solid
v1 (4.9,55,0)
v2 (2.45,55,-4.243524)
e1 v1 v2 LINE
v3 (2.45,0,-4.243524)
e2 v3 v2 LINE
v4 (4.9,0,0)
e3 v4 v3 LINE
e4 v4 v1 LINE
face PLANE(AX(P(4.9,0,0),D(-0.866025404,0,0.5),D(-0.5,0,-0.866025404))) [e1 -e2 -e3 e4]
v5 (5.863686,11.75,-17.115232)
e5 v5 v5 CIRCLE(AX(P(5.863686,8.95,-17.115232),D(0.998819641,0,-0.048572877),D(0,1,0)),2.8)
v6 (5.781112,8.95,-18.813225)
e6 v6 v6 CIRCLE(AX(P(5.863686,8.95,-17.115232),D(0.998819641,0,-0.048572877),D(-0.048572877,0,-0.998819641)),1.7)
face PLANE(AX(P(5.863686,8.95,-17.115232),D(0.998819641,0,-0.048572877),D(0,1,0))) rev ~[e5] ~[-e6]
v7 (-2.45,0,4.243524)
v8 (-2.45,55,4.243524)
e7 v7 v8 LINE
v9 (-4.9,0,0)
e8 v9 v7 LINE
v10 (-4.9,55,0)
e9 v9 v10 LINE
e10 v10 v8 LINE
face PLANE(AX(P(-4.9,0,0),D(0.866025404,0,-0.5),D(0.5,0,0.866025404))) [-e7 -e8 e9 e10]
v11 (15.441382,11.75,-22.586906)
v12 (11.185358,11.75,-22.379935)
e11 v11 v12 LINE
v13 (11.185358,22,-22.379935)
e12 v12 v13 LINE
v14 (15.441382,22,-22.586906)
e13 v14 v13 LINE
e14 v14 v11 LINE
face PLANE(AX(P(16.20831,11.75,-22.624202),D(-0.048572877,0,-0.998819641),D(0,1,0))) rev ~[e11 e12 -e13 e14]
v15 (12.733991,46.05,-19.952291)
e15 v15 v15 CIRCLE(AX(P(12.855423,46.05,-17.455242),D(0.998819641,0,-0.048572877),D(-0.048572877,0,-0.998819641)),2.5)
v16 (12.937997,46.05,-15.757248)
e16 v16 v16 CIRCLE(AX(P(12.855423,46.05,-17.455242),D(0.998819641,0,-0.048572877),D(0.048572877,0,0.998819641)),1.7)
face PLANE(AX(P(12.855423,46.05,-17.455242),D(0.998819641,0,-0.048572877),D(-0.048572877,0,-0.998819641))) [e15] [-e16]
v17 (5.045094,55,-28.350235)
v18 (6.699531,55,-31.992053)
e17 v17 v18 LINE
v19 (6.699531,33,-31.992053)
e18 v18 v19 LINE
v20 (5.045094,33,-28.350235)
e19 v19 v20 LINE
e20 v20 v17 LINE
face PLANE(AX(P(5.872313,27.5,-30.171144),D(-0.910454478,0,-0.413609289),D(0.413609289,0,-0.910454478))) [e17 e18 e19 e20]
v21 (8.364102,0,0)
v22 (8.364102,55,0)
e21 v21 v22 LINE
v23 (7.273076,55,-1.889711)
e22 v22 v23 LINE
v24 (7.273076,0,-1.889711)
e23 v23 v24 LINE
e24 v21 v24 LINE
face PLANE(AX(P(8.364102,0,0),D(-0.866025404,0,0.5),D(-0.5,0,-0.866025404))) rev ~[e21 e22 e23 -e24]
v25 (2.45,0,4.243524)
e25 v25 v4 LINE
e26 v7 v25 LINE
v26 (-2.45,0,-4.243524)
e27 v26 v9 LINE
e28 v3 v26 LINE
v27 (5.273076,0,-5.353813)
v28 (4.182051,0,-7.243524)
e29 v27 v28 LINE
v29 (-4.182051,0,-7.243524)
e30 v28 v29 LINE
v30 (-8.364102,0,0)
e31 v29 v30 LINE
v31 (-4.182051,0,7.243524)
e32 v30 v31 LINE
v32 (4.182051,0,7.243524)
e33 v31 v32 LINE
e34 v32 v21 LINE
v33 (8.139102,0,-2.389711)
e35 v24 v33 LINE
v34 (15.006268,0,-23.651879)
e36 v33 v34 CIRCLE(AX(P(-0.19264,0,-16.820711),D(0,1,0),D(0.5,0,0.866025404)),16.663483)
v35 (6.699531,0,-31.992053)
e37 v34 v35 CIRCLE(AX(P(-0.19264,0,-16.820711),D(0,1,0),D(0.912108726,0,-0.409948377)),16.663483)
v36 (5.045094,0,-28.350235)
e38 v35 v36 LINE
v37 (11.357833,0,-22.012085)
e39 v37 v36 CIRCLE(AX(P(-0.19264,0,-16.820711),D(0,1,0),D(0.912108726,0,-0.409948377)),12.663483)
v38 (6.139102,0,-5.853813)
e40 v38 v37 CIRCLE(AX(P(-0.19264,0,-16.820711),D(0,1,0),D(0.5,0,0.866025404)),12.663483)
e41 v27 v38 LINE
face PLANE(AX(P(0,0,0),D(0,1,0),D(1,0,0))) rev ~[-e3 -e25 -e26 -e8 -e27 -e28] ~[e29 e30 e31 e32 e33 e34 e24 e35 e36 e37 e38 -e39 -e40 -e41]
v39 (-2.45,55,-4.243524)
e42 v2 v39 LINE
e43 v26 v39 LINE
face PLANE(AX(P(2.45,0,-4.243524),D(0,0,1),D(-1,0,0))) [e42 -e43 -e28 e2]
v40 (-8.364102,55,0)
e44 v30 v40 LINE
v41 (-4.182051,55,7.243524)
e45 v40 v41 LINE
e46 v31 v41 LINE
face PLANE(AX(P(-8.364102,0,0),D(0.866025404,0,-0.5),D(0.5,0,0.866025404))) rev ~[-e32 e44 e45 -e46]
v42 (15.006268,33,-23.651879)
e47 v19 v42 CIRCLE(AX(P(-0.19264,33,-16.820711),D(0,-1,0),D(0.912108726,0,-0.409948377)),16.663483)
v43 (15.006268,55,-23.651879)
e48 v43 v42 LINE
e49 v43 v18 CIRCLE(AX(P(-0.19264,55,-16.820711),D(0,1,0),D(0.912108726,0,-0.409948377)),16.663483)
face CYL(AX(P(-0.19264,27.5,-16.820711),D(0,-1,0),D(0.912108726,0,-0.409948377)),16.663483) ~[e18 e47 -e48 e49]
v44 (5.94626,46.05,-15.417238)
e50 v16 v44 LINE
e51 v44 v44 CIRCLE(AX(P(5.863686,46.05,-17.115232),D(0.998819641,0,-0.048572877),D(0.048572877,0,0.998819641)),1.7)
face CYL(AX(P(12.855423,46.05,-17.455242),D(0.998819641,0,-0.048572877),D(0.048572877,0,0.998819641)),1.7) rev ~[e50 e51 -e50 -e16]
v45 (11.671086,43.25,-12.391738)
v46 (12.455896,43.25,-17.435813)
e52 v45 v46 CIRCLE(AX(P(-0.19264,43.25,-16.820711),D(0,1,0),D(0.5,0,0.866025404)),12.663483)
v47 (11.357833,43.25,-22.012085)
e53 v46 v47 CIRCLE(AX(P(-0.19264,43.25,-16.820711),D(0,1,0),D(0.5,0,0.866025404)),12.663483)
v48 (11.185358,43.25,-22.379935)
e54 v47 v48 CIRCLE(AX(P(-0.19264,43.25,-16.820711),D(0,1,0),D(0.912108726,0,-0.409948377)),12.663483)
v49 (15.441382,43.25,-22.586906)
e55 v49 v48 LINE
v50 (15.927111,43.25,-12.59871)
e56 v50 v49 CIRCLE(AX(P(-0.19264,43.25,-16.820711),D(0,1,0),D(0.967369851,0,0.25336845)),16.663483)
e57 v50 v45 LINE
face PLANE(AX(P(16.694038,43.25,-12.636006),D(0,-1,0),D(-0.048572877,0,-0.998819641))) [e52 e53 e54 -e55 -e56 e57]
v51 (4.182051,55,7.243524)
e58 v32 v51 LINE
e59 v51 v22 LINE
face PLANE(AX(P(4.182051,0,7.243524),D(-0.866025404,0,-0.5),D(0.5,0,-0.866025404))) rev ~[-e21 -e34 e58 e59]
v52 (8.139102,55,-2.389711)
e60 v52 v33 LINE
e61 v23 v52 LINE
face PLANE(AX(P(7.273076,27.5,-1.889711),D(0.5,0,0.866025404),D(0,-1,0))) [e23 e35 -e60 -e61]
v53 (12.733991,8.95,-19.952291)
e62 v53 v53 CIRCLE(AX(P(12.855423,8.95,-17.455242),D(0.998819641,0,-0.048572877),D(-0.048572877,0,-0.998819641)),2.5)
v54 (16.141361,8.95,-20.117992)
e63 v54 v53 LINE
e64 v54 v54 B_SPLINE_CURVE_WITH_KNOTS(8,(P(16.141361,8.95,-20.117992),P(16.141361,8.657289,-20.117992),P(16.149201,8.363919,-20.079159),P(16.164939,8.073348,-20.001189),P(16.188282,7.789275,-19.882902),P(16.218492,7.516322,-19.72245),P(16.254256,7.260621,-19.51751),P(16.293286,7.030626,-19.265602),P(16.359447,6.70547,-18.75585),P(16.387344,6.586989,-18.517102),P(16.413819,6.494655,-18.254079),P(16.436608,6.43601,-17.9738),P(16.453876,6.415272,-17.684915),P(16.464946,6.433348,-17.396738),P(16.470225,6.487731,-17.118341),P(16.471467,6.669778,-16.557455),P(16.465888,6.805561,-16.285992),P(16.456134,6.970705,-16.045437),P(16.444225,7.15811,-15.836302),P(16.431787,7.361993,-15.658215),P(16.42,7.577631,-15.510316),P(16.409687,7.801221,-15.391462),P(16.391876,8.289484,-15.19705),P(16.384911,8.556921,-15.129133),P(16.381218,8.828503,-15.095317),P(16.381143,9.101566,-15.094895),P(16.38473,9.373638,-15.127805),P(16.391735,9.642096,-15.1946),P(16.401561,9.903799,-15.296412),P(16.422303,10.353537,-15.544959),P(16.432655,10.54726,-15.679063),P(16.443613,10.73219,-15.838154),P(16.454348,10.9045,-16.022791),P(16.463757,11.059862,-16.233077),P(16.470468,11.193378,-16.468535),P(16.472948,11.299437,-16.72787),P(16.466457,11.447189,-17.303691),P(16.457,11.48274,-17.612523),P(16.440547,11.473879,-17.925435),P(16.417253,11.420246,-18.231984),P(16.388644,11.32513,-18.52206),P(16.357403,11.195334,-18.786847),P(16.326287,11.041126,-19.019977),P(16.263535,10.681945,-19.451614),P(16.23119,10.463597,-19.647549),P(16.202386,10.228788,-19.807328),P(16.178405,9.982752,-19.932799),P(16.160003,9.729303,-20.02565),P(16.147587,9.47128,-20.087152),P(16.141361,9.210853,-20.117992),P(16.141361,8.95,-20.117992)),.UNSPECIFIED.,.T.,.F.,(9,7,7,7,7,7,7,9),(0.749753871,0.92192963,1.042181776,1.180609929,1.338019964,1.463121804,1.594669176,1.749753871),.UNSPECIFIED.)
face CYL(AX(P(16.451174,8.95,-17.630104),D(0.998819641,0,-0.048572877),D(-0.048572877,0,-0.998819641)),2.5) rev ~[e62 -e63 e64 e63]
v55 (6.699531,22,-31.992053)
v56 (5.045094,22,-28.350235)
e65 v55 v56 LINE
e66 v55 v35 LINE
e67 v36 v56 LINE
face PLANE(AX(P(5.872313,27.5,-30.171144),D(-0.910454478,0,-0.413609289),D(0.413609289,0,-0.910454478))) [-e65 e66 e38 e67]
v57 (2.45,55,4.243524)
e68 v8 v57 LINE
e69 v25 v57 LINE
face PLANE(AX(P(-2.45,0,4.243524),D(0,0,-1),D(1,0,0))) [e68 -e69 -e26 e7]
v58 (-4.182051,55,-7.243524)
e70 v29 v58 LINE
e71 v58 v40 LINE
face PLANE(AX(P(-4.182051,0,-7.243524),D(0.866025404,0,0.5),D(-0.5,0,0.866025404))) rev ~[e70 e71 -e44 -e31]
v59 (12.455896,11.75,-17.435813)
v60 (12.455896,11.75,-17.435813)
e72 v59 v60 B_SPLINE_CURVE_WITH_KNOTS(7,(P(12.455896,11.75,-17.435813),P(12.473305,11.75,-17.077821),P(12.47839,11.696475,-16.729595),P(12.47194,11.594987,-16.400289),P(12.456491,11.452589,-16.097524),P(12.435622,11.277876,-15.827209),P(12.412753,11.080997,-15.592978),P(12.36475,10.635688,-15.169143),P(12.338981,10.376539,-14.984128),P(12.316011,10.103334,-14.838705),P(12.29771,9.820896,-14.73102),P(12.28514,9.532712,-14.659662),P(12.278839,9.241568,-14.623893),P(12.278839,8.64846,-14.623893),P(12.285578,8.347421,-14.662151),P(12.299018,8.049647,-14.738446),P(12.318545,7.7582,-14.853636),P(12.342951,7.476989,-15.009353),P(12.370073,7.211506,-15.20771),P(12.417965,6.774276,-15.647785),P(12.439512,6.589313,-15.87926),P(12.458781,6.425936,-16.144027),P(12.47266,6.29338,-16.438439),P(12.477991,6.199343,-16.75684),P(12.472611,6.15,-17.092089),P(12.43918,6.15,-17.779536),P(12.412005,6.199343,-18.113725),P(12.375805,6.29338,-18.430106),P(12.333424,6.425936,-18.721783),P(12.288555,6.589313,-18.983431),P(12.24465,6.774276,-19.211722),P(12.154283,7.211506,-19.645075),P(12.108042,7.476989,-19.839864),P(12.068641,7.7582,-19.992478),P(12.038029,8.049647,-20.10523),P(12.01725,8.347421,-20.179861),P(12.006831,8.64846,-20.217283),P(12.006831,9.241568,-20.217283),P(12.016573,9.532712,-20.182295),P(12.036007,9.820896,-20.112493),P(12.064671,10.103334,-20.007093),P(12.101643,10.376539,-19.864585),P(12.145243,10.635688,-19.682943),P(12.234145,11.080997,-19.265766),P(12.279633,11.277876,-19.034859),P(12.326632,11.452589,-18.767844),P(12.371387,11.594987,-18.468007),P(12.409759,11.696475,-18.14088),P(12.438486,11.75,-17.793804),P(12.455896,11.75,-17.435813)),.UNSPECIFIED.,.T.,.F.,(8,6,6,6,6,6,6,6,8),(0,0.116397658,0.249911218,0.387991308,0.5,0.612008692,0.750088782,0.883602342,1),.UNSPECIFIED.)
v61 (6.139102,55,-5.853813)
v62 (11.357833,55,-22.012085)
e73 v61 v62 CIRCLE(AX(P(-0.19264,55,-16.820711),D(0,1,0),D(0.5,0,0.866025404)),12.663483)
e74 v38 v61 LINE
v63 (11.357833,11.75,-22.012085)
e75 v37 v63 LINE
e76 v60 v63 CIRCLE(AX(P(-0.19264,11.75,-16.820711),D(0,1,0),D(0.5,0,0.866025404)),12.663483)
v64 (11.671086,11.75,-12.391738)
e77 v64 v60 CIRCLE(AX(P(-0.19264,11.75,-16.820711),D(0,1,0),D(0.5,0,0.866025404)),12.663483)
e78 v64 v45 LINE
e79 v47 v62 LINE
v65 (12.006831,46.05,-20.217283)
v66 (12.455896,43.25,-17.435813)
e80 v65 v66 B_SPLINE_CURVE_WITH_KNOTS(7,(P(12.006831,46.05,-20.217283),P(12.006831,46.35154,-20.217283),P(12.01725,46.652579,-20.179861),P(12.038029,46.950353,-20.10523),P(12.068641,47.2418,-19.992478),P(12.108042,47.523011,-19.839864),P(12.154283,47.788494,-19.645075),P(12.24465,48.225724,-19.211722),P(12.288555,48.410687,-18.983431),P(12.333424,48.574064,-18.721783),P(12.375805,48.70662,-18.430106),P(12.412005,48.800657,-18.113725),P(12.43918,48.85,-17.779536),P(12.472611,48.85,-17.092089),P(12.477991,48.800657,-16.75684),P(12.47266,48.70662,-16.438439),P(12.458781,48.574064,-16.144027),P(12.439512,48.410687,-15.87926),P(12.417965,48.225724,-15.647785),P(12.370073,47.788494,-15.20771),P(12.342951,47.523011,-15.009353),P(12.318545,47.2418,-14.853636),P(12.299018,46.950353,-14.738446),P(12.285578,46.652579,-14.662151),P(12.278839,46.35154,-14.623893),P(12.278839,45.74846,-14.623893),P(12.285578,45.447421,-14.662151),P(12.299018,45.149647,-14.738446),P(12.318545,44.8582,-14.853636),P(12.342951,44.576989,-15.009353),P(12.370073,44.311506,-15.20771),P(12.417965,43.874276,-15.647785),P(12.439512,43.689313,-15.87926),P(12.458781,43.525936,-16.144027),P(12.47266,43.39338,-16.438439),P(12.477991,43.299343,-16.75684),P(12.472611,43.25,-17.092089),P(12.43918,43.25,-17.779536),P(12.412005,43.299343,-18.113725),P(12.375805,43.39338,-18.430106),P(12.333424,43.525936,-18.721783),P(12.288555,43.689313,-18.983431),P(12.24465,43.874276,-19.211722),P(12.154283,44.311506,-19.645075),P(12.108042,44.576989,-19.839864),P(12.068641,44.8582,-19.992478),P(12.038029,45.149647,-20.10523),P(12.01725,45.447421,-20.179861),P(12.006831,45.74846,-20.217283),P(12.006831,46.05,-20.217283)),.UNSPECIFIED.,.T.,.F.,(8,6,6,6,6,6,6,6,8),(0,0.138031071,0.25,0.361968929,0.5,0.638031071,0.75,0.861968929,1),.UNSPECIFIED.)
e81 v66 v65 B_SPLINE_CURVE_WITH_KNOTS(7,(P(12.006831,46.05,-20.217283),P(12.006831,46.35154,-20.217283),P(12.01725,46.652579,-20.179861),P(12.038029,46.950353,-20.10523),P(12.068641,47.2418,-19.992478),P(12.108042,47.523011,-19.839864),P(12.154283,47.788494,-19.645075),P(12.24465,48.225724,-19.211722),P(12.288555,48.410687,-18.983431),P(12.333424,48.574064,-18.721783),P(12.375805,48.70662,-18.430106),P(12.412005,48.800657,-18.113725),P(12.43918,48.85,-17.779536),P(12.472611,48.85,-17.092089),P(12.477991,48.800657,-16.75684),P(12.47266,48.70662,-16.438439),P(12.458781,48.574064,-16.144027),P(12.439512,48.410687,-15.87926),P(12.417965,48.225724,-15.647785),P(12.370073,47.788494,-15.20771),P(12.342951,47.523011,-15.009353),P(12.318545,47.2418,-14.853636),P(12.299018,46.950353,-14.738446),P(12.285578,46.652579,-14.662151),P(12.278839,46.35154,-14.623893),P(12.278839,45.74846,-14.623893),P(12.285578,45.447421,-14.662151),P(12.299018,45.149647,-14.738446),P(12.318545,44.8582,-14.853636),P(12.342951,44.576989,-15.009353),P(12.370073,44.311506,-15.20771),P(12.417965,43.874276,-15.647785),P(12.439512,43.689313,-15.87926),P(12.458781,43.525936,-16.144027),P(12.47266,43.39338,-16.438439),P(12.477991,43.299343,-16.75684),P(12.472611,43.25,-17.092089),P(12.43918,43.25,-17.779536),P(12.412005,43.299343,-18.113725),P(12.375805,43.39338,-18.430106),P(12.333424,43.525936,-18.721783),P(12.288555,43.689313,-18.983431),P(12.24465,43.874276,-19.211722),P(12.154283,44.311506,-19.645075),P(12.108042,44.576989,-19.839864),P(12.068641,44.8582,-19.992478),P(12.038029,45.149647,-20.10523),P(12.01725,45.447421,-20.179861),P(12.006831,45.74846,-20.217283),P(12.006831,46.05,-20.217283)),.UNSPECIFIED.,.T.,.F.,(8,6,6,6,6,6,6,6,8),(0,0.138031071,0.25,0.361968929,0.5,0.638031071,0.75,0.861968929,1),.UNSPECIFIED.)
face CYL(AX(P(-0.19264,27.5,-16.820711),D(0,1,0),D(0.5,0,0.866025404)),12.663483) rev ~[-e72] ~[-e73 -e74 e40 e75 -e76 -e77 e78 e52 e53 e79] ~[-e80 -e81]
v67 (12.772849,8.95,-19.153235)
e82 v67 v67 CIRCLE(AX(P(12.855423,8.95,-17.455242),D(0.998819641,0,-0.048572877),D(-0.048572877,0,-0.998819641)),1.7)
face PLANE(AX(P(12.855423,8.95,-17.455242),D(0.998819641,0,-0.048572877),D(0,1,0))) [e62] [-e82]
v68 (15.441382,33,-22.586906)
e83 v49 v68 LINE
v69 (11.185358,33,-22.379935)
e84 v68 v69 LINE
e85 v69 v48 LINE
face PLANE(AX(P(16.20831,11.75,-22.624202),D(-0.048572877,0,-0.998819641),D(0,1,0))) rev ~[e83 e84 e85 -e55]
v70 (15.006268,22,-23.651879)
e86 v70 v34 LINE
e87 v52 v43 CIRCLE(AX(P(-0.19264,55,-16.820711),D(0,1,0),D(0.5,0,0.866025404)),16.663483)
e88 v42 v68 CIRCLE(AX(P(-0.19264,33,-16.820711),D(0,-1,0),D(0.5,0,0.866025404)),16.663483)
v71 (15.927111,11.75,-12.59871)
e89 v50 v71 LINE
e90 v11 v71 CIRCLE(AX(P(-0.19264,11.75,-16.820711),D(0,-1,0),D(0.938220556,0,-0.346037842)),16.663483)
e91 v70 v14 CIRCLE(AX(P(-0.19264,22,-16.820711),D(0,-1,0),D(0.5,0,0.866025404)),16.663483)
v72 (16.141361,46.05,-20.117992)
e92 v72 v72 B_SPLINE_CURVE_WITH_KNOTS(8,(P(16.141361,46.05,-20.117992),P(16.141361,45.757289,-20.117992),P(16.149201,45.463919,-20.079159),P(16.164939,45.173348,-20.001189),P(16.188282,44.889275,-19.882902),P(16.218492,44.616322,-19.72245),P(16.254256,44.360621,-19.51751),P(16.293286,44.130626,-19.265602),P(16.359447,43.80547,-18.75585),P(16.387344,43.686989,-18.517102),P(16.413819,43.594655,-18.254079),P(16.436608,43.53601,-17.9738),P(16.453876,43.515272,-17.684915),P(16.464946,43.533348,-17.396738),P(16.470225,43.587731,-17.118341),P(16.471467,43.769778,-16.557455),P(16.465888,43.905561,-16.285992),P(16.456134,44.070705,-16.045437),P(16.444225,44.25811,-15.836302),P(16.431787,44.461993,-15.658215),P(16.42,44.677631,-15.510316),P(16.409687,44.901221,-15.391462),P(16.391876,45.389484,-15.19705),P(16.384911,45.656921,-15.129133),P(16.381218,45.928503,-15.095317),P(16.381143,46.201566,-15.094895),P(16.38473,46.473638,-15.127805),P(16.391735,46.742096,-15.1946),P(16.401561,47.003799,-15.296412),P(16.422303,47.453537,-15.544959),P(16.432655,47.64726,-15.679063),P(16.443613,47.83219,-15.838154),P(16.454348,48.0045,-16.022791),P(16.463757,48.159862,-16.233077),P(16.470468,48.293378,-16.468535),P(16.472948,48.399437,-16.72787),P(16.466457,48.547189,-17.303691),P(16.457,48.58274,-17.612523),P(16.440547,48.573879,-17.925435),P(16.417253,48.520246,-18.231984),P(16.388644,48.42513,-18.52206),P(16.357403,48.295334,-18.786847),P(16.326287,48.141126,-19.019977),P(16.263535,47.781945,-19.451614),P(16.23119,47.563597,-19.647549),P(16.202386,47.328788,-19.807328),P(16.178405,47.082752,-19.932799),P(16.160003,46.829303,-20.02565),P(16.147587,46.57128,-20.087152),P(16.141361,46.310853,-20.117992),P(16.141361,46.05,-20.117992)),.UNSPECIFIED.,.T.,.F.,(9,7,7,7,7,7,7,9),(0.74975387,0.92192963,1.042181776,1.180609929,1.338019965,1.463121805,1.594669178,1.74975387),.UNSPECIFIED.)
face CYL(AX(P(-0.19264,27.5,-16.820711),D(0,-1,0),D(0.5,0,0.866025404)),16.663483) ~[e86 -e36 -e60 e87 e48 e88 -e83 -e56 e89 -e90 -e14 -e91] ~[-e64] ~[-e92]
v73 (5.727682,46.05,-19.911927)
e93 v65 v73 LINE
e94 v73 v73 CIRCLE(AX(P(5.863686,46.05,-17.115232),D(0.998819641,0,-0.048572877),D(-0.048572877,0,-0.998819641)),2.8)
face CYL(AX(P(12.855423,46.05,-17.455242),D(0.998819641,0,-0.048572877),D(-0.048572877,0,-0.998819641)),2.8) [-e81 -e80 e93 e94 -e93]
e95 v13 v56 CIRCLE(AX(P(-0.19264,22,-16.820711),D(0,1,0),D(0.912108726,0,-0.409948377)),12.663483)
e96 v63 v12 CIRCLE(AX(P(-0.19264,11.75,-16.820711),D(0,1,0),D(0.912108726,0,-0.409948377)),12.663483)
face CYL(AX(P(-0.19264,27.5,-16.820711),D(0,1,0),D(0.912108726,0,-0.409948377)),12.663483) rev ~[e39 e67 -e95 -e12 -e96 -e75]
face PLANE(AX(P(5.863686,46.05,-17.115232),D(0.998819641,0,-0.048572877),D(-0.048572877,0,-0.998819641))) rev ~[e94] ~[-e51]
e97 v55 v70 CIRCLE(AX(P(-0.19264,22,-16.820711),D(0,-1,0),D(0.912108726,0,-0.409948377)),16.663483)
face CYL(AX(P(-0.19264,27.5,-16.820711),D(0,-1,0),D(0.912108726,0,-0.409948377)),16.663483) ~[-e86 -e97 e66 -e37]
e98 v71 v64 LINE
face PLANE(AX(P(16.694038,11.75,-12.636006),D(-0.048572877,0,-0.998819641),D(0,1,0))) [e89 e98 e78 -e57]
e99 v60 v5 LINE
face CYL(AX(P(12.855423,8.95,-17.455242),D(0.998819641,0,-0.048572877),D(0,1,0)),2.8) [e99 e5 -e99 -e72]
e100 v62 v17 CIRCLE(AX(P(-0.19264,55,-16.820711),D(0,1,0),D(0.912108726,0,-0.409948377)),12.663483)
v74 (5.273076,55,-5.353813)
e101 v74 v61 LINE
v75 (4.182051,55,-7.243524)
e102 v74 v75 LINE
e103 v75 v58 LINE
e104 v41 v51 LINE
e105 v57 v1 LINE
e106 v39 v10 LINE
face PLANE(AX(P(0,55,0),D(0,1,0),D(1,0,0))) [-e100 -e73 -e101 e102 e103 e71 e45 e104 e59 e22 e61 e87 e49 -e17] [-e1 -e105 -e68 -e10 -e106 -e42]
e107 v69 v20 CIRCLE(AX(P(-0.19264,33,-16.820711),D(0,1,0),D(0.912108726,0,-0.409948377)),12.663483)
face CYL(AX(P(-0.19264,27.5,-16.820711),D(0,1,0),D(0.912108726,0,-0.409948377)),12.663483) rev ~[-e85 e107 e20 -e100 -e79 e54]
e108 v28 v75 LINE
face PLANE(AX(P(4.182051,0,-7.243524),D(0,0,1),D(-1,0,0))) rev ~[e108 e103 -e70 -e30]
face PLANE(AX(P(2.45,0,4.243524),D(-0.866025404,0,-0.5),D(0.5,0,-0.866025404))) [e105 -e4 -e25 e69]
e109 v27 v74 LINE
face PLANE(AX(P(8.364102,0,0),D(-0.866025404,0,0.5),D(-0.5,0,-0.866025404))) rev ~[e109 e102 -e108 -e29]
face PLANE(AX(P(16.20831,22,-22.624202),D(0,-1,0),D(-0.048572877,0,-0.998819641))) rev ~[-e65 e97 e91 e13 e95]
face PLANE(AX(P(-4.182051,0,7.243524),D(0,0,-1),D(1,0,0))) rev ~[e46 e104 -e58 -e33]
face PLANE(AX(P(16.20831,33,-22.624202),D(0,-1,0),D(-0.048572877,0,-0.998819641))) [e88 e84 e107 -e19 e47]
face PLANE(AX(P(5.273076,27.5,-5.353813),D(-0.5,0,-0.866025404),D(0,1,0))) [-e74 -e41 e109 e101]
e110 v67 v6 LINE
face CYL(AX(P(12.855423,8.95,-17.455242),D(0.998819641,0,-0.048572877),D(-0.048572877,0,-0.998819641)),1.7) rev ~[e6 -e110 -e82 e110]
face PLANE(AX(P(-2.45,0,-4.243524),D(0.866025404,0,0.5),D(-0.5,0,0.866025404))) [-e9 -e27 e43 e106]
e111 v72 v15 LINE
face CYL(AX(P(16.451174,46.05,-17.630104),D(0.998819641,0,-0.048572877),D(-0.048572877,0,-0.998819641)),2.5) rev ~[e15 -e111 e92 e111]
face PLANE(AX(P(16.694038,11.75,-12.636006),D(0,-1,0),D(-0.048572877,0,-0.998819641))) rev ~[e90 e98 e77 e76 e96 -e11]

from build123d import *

# Parameters (mm, degrees)
BOSS_EXTRUDE1_DEPTH = 55
SKETCH2_W           = 4
SKETCH2_H           = 55
SKETCH6_R           = 2.5
CUT_EXTRUDE1_DEPTH  = 10
SKETCH7_W           = 10
SKETCH7_H           = 31.5
CUT_EXTRUDE2_DEPTH  = 10
SKETCH8_W           = 9.818662261
SKETCH8_H           = 11
CUT_EXTRUDE3_DEPTH  = 69.208914829
BOSS_EXTRUDE2_START = -3.6
SKETCH9_R           = 2.8
SKETCH9_R_2         = 1.7
BOSS_EXTRUDE2_DEPTH = 7


with BuildPart() as part:
    # Sketch1 → Boss-Extrude1 (new body)
    with BuildSketch(Plane(origin=(0, 0, 0), x_dir=(1, 0, 0), z_dir=(0, 1, 0))):
        Polygon((-4.182050808, 7.243524479), (-8.364101615, 0), (-4.182050808, -7.243524479), (4.182050808, -7.243524479), (8.364101615, 0), (4.182050808, 7.243524479), align=None)
        Polygon((-4.9, 0), (-2.45, -4.243524479), (2.45, -4.243524479), (4.9, 0), (2.45, 4.243524479), (-2.45, 4.243524479), align=None, mode=Mode.SUBTRACT)
    extrude(amount=BOSS_EXTRUDE1_DEPTH)

    # Sweep1: sweep along a path in Sketch3
    with BuildLine(Plane(origin=(0, 55, 0), x_dir=(1, 0, 0), z_dir=(0, 1, 0))) as sweep1_path:
        Line((6.273076211, 3.621762239), (7.139101615, 4.121762239))
        ThreePointArc((7.139101615, 4.121762239), (13.761110972, 12.313986191), (13.182050808, 22.831981747))
        ThreePointArc((13.182050808, 22.831981747), (10.196814467, 27.168510904), (5.872312911, 30.17114432))
    # Sketch2 → Sweep1 (sweep)
    with BuildSketch(Plane(origin=(6.273076211, 0, -3.621762239), x_dir=(-0.5000000000000001, 0, -0.8660254037844386), z_dir=(0.8660254037844386, 0, -0.5000000000000001))):
        with Locations((0, 27.5)):
            Rectangle(SKETCH2_W, SKETCH2_H)
    sweep(path=sweep1_path.line)

    # Sketch6 → Cut-Extrude1 (cut)
    with BuildSketch(Plane(origin=(17.267694528, 0, -0.839732793), x_dir=(-0.0485728772715999, 0, -0.9988196411732992), z_dir=(0.9988196411732992, 0, -0.0485728772715999))):
        with Locations((16.810213392, 46.05)):
            Circle(SKETCH6_R)
        with Locations((16.810213392, 8.95)):
            Circle(SKETCH6_R)
    extrude(amount=-CUT_EXTRUDE1_DEPTH, mode=Mode.SUBTRACT)

    # Sketch7 → Cut-Extrude2 (cut)
    with BuildSketch(Plane(origin=(17.267694528, 0, -0.839732793), x_dir=(-0.0485728772715999, 0, -0.9988196411732992), z_dir=(0.9988196411732992, 0, -0.0485728772715999))):
        with Locations((16.810213392, 27.5)):
            Rectangle(SKETCH7_W, SKETCH7_H)
    extrude(amount=-CUT_EXTRUDE2_DEPTH, mode=Mode.SUBTRACT)

    # Sketch8 → Cut-Extrude3 (cut, through all)
    with BuildSketch(Plane(origin=(17.267694528, 0, -0.839732793), x_dir=(-0.0485728772715999, 0, -0.9988196411732992), z_dir=(0.9988196411732992, 0, -0.0485728772715999))):
        with Locations((26.719544523, 27.5)):
            Rectangle(SKETCH8_W, SKETCH8_H)
    extrude(amount=-CUT_EXTRUDE3_DEPTH, mode=Mode.SUBTRACT)

    # Sketch9 → Boss-Extrude2 (add)
    # profile 1 of 2: a face of its own
    with BuildSketch(Plane(origin=(17.267694528, 0, -0.839732793), x_dir=(-0.0485728772715999, 0, -0.9988196411732992), z_dir=(0.9988196411732992, 0, -0.0485728772715999)).offset(BOSS_EXTRUDE2_START)):
        with Locations((16.810213392, 46.05)):
            Circle(SKETCH9_R)
        with Locations(Location((16.810213392, 46.05, 0), (0, 0, 180))):
            Circle(SKETCH9_R_2, mode=Mode.SUBTRACT)
    # profile 2 of 2: a face of its own
    with BuildSketch(Plane(origin=(17.267694528, 0, -0.839732793), x_dir=(-0.0485728772715999, 0, -0.9988196411732992), z_dir=(0.9988196411732992, 0, -0.0485728772715999)).offset(BOSS_EXTRUDE2_START)):
        with Locations(Location((16.810213392, 8.95, 0), (0, 0, 90.000000002))):
            Circle(SKETCH9_R)
        with Locations((16.810213392, 8.95)):
            Circle(SKETCH9_R_2, mode=Mode.SUBTRACT)
    extrude(amount=-BOSS_EXTRUDE2_DEPTH)


solid = part.part
